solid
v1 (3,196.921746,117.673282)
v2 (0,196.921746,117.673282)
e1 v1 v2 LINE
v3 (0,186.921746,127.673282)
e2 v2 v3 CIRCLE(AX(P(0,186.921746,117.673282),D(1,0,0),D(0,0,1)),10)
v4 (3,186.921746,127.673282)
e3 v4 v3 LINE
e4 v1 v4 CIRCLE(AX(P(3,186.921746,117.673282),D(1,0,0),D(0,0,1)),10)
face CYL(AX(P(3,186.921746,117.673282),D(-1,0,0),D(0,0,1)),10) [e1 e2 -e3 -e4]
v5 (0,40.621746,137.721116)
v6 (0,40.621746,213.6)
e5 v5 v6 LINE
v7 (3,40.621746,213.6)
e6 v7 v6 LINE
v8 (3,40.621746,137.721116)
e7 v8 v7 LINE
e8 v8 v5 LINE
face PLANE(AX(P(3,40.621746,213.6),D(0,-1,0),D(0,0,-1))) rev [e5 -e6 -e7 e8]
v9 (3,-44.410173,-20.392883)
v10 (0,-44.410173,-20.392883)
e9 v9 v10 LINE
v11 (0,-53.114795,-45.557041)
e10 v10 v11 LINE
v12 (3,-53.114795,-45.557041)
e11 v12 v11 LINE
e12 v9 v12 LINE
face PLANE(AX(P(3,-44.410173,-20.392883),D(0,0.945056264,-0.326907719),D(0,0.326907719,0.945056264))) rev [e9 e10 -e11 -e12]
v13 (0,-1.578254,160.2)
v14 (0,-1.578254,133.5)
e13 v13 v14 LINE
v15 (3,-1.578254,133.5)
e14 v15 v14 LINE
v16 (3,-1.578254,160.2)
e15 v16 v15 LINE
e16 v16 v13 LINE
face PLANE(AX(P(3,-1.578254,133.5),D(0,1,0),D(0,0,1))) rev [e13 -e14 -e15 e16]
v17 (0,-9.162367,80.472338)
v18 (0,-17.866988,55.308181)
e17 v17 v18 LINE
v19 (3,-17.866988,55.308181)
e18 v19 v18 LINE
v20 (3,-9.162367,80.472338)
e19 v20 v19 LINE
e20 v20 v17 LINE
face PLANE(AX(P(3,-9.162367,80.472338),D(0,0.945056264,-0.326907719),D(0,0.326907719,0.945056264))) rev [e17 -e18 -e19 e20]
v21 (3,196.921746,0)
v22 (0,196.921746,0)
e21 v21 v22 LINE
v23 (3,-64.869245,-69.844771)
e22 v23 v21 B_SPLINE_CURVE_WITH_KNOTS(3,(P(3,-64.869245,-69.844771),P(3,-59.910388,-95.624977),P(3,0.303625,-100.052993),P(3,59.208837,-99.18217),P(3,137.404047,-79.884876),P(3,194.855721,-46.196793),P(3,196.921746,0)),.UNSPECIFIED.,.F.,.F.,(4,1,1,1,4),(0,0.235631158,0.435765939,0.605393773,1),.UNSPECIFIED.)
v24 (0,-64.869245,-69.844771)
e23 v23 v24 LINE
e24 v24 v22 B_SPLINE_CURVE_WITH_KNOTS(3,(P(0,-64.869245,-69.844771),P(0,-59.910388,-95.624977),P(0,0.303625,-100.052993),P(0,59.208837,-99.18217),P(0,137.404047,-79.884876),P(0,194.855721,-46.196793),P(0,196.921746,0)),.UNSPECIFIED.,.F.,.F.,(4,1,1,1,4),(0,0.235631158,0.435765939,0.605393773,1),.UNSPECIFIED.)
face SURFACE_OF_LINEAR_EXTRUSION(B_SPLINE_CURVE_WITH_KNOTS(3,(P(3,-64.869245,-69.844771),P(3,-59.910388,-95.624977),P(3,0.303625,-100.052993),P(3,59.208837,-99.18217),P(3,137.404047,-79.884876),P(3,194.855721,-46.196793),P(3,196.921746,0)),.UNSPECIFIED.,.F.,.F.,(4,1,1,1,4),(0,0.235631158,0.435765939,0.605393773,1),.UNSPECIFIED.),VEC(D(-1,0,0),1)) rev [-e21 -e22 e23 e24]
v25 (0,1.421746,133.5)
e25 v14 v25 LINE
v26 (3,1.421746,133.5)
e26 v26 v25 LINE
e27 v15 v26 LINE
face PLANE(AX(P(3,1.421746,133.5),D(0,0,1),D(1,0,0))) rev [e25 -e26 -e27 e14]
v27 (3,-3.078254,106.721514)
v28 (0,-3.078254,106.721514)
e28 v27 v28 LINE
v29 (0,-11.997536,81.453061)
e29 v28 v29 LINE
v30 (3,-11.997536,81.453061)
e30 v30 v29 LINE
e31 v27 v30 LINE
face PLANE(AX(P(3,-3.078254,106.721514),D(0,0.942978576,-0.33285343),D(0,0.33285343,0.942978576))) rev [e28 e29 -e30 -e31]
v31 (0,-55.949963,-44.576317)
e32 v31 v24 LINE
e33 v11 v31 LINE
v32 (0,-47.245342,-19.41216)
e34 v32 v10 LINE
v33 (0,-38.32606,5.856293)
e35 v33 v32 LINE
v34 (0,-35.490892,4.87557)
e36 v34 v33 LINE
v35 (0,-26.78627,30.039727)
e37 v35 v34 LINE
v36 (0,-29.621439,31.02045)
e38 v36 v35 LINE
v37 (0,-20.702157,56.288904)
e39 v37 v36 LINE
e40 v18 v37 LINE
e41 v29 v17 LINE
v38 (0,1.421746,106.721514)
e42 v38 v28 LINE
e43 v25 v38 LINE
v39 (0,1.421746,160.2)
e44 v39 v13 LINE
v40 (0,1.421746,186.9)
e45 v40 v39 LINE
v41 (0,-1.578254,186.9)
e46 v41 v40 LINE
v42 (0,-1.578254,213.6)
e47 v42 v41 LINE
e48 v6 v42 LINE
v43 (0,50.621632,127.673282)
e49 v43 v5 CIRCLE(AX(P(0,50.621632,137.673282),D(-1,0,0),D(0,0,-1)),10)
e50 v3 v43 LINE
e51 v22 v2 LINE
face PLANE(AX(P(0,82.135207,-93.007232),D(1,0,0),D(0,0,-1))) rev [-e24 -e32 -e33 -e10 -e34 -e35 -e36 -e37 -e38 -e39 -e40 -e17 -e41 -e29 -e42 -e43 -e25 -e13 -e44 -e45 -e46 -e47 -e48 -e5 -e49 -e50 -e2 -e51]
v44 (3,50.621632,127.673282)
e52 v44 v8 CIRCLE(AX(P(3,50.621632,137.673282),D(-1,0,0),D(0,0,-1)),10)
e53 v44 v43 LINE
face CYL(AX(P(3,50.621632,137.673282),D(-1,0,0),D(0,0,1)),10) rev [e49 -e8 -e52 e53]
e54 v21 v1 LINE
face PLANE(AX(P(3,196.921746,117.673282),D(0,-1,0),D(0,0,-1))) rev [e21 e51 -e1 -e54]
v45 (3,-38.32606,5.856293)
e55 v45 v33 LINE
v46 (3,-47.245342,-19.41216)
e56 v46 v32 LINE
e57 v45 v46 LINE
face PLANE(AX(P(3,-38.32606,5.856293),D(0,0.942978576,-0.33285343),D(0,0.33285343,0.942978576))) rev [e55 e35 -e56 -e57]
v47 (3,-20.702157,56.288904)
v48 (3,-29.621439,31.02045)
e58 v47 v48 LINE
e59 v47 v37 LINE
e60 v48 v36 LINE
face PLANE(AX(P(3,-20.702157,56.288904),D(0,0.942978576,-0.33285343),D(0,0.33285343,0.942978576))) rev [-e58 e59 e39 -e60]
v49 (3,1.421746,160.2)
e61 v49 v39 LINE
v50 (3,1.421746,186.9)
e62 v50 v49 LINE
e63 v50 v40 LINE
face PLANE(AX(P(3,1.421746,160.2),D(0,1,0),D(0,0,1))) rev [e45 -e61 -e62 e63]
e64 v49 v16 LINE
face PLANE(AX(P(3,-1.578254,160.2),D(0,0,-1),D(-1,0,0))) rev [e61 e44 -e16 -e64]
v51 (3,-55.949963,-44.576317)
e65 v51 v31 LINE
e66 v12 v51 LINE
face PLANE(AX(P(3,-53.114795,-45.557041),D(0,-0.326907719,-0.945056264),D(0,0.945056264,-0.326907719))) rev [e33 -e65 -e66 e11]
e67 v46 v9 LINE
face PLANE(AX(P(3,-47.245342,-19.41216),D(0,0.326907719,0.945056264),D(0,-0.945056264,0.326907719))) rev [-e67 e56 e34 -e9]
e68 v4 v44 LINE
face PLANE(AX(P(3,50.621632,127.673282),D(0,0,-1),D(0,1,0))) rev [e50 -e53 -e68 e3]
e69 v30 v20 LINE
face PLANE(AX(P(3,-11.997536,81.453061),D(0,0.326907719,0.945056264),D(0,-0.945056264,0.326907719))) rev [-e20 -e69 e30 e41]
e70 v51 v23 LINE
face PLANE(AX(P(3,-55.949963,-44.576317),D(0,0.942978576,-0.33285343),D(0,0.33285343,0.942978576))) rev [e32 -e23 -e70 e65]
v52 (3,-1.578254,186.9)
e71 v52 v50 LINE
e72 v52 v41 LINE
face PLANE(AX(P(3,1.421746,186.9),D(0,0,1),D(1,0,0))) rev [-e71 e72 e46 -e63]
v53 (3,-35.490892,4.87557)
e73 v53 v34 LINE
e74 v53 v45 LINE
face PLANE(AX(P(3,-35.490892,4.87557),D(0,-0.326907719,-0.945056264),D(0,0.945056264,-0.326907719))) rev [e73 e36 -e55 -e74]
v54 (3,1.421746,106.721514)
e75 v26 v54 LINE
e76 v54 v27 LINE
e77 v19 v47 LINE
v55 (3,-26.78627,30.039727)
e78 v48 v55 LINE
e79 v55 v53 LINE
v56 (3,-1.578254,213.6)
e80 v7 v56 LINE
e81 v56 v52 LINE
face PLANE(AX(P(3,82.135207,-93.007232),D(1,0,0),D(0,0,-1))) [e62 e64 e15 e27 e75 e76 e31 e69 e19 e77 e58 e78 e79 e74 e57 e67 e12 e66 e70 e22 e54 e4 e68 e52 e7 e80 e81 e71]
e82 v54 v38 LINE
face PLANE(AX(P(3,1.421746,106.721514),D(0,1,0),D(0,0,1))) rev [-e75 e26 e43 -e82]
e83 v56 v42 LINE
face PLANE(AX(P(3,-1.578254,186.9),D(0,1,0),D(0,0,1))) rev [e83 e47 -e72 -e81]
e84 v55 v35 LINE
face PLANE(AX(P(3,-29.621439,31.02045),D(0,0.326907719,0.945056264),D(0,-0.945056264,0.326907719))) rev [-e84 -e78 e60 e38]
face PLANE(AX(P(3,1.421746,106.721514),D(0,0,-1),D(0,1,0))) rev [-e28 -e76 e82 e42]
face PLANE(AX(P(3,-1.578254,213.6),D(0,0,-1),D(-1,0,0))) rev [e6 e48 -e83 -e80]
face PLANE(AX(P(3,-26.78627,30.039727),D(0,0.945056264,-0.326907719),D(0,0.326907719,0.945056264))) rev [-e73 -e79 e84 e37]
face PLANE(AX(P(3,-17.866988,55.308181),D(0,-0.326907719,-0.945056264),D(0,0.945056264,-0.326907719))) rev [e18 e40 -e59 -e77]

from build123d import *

# Parameters (mm, degrees)
BOSS_EXTRUDE1_DEPTH = 3


with BuildPart() as part:
    # Sketch1 → Boss-Extrude1 (new body)
    with BuildSketch(Plane(origin=(0, 0, 0), x_dir=(0, 0, -1), z_dir=(1, 0, 0))):
        with BuildLine():
            Line((-127.67328154, 50.621631606), (-127.67328154, 186.921746015))
            ThreePointArc((-127.67328154, 186.921746015), (-124.744349352, 193.992813827), (-117.67328154, 196.921746015))
            Line((-117.67328154, 196.921746015), (0, 196.921746015))
            add(Edge.make_bspline(
                [(0, 196.921746015), (46.196792572, 194.855720742), (79.88487553, 137.404046632), (99.182170179, 59.208836991), (100.052993092, 0.303625018), (95.624976693, -59.91038793), (69.844770806, -64.869245027)],
                knots=[0, 0, 0, 0, 0.394606227, 0.564234061, 0.764368842, 1, 1, 1, 1], degree=3))
            Line((69.844770806, -64.869245027), (44.576317349, -55.949963479))
            Line((44.576317349, -55.949963479), (45.557040507, -53.114794685))
            Line((45.557040507, -53.114794685), (20.392883459, -44.410173069))
            Line((20.392883459, -44.410173069), (19.412160301, -47.245341862))
            Line((19.412160301, -47.245341862), (-5.856293156, -38.326060314))
            Line((-5.856293156, -38.326060314), (-4.875569998, -35.490891521))
            Line((-4.875569998, -35.490891521), (-30.039727046, -26.786269904))
            Line((-30.039727046, -26.786269904), (-31.020450204, -29.621438697))
            Line((-31.020450204, -29.621438697), (-56.28890366, -20.702157149))
            Line((-56.28890366, -20.702157149), (-55.308180502, -17.866988356))
            Line((-55.308180502, -17.866988356), (-80.47233755, -9.162366739))
            Line((-80.47233755, -9.162366739), (-81.453060708, -11.997535533))
            Line((-81.453060708, -11.997535533), (-106.721514165, -3.078253985))
            Line((-106.721514165, -3.078253985), (-106.721514165, 1.421746015))
            Line((-106.721514165, 1.421746015), (-133.5, 1.421746015))
            Line((-133.5, 1.421746015), (-133.5, -1.578253985))
            Line((-133.5, -1.578253985), (-160.2, -1.578253985))
            Line((-160.2, -1.578253985), (-160.2, 1.421746015))
            Line((-160.2, 1.421746015), (-186.9, 1.421746015))
            Line((-186.9, 1.421746015), (-186.9, -1.578253985))
            Line((-186.9, -1.578253985), (-213.6, -1.578253985))
            Line((-213.6, -1.578253985), (-213.6, 40.621746015))
            Line((-213.6, 40.621746015), (-137.721116386, 40.621746015))
            ThreePointArc((-137.721116386, 40.621746015), (-130.619146174, 43.533671799), (-127.67328154, 50.621631606))
        make_face()
    extrude(amount=BOSS_EXTRUDE1_DEPTH)


solid = part.part
